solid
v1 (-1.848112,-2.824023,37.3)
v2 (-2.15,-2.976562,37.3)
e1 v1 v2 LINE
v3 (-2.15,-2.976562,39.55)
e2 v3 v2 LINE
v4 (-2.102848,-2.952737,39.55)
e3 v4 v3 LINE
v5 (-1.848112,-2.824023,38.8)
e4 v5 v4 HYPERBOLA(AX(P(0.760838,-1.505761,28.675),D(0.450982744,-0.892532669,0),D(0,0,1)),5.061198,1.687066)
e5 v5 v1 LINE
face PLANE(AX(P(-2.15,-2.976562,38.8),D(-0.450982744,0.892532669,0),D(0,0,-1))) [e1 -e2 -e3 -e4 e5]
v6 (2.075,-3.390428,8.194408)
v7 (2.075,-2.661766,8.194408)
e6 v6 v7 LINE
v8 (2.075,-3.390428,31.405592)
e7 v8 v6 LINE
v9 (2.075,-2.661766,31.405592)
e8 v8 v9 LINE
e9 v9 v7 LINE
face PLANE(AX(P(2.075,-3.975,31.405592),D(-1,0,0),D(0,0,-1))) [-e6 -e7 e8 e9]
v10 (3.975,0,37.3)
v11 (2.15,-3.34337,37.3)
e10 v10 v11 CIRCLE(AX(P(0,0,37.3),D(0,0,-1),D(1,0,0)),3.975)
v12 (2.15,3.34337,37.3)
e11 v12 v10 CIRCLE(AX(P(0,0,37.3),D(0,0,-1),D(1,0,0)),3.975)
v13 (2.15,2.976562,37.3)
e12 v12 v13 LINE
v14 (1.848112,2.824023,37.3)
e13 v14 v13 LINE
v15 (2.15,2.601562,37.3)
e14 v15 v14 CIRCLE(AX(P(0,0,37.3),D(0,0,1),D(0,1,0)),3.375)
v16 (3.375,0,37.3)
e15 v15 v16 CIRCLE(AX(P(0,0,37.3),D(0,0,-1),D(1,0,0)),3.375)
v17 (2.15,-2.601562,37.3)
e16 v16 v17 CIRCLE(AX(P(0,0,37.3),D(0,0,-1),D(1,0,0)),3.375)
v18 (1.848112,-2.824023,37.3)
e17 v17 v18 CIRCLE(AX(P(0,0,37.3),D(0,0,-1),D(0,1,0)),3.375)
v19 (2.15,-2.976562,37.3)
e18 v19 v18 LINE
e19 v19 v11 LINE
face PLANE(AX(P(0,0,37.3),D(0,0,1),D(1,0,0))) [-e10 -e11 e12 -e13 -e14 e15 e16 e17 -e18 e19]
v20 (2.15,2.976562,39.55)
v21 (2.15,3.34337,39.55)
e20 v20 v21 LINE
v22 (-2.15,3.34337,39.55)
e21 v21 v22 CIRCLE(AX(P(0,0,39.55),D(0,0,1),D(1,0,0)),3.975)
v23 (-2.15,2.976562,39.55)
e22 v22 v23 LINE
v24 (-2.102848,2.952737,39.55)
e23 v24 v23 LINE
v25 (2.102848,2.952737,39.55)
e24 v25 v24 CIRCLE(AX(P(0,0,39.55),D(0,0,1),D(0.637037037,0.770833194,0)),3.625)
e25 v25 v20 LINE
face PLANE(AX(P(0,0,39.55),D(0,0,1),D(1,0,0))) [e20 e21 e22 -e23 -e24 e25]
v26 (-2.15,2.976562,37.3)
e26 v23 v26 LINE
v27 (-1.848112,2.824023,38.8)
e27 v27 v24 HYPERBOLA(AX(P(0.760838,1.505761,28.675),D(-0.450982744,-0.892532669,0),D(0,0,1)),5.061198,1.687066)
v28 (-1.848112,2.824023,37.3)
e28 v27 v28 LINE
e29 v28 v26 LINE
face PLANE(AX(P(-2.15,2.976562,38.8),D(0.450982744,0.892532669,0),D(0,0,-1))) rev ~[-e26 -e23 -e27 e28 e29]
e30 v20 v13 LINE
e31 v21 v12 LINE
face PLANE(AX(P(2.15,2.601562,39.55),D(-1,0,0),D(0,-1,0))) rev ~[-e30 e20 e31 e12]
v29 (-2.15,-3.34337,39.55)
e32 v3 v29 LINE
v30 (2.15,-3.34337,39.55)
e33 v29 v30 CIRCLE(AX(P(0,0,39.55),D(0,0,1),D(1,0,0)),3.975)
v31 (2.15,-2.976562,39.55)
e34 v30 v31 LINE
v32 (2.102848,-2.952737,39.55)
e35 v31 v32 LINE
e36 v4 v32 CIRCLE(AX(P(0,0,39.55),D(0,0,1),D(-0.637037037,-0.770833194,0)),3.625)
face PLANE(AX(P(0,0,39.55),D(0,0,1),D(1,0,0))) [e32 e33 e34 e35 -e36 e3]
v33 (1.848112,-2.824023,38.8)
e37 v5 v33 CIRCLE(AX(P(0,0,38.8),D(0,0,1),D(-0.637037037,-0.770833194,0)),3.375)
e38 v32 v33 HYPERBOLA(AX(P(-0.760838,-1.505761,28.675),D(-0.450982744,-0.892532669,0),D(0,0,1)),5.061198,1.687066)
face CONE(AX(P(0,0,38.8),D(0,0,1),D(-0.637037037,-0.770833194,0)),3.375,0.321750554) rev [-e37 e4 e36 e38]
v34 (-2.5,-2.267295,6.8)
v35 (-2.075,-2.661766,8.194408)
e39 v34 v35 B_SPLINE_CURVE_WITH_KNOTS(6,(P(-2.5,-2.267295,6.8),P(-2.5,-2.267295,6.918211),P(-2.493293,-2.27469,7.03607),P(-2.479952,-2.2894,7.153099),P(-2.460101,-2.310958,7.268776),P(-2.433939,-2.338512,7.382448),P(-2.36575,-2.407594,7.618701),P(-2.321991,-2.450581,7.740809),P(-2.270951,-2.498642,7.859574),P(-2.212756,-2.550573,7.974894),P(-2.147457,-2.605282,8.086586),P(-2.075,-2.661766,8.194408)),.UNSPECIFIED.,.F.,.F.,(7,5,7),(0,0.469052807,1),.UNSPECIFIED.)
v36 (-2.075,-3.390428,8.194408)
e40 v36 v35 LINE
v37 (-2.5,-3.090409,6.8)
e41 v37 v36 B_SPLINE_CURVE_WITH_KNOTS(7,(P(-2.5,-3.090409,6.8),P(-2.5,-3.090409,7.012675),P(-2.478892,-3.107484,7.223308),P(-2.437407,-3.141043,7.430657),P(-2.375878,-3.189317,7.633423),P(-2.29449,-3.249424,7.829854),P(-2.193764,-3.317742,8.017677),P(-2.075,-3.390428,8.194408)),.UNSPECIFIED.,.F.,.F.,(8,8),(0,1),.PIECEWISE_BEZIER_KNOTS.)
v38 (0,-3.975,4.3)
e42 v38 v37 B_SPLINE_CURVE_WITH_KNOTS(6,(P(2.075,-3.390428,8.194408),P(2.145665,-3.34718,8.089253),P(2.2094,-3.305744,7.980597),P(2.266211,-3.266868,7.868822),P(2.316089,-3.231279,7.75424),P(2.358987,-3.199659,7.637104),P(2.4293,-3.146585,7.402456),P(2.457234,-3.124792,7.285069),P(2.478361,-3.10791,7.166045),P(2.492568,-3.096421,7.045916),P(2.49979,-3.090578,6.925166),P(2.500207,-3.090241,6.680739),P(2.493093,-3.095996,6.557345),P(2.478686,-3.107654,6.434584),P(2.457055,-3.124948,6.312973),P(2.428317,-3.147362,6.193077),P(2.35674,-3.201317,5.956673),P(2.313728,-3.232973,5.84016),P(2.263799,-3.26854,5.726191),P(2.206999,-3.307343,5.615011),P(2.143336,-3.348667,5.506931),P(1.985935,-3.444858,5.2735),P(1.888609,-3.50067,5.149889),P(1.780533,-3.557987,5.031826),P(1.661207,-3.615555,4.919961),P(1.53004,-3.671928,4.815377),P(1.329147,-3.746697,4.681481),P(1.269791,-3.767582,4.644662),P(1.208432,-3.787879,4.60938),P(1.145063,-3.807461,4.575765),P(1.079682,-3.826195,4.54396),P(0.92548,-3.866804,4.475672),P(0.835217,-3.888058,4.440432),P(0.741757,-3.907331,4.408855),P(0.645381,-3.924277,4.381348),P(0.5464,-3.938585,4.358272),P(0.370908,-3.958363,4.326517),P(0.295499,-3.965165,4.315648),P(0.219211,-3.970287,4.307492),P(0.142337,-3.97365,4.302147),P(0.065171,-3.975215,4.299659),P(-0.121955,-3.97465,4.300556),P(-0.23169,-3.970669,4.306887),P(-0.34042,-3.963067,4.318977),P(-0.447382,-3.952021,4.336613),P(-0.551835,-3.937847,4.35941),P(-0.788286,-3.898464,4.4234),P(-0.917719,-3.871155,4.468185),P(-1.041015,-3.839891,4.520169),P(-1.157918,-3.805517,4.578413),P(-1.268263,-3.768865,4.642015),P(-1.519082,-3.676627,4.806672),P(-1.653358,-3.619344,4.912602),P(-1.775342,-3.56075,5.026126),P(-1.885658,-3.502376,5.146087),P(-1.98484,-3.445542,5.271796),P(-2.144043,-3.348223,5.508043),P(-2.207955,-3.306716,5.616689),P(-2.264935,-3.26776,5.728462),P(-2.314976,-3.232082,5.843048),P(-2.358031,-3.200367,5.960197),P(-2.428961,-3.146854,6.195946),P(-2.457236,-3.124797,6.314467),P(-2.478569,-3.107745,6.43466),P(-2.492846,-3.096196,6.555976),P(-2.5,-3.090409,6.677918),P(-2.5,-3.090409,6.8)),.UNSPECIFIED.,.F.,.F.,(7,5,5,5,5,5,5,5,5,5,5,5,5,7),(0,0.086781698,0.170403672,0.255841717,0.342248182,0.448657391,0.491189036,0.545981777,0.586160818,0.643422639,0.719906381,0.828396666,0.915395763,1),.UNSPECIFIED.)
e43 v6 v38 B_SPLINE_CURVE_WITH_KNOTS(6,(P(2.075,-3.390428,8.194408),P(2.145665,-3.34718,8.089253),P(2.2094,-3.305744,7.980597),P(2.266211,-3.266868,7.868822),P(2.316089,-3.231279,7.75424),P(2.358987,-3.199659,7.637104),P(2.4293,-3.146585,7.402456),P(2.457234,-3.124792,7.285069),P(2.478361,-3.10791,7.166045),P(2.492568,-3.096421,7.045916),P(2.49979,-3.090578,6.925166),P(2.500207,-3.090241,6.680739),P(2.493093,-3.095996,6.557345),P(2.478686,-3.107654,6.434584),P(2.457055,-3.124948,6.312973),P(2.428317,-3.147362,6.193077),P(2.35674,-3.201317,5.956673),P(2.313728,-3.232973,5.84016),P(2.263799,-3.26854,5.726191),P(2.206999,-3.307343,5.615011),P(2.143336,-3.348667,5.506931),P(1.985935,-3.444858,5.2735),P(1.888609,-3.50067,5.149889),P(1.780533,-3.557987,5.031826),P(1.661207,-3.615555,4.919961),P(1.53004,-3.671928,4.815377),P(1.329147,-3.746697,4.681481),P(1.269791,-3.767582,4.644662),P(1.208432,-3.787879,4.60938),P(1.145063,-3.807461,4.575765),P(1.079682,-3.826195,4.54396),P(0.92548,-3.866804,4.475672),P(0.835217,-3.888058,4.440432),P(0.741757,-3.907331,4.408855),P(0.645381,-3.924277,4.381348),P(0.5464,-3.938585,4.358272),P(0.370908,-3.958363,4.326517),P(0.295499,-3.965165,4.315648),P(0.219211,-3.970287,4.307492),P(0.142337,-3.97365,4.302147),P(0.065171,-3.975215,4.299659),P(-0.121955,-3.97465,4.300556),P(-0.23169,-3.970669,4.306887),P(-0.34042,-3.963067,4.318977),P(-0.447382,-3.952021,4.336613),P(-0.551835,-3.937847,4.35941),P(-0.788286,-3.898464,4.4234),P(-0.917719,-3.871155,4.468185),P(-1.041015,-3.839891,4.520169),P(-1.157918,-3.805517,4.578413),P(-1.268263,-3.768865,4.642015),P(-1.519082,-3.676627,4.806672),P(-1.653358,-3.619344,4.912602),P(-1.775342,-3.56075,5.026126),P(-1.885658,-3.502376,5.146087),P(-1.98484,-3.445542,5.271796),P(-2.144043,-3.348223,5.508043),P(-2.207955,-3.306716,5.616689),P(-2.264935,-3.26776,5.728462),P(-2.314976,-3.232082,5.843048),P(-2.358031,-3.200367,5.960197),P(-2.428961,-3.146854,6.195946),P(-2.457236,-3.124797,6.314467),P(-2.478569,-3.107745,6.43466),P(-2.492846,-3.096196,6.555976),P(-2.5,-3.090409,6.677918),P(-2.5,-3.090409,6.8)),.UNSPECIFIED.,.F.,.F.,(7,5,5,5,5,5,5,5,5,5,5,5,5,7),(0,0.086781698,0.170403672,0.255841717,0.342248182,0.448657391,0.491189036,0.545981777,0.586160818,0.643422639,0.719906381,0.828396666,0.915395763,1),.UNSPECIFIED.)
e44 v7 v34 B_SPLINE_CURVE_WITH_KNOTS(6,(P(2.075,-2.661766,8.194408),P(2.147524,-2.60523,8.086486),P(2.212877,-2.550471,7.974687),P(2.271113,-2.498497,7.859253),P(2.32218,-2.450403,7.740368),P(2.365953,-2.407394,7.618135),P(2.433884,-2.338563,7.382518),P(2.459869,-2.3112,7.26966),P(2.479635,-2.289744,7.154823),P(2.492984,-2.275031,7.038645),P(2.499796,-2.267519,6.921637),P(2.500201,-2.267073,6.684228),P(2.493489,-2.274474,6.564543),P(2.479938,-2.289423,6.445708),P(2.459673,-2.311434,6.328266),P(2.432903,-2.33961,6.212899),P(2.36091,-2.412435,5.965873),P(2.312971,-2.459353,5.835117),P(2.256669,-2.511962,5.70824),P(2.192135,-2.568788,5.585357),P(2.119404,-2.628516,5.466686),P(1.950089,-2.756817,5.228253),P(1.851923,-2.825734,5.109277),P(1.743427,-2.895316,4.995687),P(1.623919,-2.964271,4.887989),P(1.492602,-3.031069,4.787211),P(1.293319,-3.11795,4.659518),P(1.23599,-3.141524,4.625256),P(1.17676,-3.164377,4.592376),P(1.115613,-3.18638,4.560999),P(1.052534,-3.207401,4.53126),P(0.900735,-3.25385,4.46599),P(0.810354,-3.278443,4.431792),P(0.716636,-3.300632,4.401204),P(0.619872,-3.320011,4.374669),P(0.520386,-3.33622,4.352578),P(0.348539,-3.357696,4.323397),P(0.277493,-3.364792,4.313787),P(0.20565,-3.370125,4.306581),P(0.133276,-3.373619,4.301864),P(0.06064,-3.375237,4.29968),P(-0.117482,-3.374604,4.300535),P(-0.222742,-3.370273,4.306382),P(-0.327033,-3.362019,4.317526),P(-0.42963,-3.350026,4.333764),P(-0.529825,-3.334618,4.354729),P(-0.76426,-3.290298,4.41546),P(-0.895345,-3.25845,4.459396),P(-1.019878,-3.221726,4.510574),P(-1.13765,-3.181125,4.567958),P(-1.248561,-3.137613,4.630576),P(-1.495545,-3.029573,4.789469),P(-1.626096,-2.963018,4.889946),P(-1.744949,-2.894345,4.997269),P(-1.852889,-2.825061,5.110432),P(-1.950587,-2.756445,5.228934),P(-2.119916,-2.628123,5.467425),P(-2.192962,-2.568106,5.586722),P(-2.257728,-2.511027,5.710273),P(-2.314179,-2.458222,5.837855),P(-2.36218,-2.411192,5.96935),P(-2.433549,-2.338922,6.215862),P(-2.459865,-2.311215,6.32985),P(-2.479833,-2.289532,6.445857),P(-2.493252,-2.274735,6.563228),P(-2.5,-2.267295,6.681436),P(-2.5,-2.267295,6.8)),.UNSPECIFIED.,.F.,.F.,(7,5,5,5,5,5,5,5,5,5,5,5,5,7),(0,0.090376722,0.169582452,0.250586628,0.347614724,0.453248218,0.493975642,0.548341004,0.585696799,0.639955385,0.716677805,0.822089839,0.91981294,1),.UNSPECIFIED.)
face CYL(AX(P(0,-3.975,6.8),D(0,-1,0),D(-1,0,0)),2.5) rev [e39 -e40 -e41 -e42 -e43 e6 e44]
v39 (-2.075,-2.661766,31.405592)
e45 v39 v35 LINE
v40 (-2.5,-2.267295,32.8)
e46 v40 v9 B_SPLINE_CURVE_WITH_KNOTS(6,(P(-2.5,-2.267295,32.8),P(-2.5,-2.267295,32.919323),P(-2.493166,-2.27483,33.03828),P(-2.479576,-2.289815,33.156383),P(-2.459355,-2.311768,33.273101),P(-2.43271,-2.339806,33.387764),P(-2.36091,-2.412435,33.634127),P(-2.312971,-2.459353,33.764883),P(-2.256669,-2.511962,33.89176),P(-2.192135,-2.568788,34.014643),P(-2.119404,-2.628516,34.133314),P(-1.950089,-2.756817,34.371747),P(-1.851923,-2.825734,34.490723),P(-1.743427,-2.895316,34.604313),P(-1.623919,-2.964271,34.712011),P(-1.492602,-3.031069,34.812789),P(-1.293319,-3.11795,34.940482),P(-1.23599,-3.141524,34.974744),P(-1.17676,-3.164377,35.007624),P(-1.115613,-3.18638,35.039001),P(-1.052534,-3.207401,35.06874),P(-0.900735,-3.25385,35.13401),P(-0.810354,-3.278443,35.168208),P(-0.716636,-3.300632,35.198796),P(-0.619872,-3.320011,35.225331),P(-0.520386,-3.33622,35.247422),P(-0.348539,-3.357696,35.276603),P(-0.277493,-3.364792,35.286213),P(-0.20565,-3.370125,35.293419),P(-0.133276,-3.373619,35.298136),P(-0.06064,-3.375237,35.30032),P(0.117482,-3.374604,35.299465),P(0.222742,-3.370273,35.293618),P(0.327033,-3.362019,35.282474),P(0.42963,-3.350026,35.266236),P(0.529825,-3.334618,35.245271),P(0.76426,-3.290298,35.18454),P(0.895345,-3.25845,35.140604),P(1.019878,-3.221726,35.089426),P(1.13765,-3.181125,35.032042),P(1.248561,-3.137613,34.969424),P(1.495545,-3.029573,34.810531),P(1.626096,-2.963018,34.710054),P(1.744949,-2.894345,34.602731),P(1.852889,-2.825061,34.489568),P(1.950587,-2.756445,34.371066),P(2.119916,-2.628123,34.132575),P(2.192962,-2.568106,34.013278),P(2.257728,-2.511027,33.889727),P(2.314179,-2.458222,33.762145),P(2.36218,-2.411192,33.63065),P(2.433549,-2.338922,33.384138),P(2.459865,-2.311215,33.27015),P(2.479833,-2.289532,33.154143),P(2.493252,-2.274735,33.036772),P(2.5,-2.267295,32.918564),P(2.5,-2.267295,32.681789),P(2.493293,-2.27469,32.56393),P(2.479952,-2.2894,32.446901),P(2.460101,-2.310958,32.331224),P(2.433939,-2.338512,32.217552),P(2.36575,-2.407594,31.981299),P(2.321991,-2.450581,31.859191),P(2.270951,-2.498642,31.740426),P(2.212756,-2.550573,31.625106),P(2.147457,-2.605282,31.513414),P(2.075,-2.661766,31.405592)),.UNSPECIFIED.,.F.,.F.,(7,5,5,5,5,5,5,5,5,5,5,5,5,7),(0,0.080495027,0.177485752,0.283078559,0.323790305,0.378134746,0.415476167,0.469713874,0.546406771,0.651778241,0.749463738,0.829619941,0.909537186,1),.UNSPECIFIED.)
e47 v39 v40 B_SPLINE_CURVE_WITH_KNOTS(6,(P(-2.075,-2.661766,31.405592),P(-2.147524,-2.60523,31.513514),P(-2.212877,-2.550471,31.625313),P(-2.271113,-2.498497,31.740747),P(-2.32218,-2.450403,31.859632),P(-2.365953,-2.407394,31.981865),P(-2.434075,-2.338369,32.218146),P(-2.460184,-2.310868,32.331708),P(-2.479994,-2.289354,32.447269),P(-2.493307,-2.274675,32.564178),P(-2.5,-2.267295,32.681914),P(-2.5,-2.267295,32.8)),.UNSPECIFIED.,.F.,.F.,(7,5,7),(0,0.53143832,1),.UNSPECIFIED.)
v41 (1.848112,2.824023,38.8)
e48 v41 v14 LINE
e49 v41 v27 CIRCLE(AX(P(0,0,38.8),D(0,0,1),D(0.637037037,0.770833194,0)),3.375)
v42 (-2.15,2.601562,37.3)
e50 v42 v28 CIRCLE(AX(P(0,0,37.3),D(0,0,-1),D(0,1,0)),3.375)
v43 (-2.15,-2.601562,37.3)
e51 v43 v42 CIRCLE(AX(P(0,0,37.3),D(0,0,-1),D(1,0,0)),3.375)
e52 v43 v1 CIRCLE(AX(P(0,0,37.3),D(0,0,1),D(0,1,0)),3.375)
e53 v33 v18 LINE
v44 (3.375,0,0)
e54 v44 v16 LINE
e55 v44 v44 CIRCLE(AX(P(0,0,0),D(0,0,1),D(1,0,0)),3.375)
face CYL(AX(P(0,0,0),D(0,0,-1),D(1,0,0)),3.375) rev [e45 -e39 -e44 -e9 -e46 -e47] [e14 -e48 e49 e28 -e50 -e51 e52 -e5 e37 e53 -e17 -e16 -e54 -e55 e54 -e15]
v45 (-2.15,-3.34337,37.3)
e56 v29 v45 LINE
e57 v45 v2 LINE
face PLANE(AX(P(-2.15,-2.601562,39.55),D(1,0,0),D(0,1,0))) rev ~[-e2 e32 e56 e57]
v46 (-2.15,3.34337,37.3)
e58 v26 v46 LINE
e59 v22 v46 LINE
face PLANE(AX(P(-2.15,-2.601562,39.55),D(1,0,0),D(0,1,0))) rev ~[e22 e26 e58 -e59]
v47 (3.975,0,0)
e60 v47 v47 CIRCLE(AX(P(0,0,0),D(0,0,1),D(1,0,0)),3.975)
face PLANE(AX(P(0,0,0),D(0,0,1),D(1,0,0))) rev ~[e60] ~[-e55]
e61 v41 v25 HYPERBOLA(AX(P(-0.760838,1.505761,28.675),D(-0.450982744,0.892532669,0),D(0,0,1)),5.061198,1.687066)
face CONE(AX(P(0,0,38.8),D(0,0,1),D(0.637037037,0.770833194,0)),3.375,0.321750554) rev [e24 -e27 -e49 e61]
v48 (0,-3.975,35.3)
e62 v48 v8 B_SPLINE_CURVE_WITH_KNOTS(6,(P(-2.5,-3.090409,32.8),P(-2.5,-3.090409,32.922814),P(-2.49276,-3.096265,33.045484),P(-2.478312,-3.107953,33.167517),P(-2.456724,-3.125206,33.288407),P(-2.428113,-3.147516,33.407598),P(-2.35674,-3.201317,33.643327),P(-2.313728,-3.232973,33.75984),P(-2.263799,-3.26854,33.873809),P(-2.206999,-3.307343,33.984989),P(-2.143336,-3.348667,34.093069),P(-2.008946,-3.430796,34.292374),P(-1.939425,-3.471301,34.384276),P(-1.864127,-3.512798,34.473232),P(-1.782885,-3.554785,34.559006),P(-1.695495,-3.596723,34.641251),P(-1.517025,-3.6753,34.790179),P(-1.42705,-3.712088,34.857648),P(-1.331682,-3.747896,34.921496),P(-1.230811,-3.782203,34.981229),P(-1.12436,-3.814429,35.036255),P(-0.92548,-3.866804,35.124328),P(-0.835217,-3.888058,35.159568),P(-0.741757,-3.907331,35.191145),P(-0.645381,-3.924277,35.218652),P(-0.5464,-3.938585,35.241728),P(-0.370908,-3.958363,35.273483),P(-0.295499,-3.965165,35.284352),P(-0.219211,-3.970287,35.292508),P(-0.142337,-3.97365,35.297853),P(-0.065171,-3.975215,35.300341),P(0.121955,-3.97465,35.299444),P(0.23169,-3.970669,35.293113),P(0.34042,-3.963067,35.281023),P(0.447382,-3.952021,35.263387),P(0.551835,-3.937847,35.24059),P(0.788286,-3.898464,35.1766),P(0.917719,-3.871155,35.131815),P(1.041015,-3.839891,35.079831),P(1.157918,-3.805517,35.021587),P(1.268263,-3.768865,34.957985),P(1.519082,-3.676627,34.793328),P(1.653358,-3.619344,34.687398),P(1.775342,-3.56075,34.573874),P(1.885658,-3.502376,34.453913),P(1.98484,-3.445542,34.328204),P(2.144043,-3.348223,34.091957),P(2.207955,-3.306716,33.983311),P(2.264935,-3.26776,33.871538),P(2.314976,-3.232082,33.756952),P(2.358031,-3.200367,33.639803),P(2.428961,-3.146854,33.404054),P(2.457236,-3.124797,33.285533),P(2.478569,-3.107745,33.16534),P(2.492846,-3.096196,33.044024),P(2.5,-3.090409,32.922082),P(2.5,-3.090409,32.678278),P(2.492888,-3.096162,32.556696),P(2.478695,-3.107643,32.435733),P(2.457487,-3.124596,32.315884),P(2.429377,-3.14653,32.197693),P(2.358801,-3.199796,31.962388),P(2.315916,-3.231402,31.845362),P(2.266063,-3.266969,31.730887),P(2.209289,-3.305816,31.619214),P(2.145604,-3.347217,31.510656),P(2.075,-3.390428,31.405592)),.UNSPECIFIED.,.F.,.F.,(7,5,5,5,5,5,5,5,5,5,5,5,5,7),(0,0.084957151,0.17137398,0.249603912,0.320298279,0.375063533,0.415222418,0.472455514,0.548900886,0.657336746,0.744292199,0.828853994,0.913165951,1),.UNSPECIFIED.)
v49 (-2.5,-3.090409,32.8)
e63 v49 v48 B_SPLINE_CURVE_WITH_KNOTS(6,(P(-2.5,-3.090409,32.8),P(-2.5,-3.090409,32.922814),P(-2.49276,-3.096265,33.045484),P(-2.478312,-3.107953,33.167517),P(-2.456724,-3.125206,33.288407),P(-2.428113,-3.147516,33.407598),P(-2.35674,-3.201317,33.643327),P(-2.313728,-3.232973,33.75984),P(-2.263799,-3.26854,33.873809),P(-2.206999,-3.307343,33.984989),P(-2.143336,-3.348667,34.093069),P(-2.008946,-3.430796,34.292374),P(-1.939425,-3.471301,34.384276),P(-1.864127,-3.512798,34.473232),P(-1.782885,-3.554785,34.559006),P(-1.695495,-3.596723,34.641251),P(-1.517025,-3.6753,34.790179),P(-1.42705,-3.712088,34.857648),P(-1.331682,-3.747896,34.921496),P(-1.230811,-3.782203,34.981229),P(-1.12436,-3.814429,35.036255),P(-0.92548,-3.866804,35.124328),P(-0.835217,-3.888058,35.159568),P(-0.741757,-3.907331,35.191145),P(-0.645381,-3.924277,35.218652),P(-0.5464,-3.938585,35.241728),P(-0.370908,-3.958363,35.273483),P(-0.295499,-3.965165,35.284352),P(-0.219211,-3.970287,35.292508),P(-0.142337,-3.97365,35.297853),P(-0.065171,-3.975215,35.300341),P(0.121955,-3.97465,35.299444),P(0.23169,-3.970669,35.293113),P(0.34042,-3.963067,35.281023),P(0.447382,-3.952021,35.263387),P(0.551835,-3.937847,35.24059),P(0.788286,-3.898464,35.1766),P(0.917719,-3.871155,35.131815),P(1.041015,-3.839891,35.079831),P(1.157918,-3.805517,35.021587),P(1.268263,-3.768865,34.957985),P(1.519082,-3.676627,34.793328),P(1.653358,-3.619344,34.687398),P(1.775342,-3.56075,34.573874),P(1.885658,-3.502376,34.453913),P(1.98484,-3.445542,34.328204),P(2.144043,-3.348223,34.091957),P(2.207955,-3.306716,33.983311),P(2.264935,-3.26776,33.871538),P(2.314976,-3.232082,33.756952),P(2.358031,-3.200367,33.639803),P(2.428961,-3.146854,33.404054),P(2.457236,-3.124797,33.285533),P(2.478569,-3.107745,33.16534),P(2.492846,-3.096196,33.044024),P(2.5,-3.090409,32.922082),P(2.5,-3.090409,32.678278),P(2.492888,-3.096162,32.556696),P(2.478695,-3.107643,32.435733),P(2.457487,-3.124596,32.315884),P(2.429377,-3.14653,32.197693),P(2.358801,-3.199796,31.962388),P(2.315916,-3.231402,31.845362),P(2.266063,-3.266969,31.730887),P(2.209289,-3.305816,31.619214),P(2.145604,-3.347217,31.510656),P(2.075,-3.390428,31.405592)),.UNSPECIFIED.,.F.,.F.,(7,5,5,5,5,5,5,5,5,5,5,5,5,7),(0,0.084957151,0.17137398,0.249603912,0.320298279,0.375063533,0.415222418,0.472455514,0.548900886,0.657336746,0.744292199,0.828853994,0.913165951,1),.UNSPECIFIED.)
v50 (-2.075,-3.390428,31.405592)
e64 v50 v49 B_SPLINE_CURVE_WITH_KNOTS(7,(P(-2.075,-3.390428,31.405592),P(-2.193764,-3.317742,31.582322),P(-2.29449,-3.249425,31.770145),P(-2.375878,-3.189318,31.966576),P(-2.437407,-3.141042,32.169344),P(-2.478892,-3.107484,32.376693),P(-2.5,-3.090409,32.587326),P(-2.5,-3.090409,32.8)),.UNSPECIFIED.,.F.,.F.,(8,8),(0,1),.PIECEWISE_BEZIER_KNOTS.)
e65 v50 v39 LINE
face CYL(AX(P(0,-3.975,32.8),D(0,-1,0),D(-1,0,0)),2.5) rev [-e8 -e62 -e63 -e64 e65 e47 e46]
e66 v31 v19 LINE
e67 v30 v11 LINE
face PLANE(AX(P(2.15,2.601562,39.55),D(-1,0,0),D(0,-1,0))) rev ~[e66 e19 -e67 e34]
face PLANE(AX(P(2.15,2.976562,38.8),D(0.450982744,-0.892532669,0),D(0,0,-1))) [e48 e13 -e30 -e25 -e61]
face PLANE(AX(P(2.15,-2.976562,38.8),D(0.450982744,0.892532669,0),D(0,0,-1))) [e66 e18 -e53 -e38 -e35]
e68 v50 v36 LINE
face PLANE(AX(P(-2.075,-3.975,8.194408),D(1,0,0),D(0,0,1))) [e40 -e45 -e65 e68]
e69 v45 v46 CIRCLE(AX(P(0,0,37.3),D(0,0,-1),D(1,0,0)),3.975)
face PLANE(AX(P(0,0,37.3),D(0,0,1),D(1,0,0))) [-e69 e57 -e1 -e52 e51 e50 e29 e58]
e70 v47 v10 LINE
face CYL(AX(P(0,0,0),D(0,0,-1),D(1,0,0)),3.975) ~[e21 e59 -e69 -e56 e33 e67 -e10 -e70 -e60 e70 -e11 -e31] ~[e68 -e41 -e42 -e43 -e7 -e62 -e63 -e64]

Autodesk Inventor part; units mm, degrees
ref_plane "YZ Plane" through (0, 0, 0) normal (1, 0, 0) x (0, 1, 0)
sketch "Sketch1" plane through (0, 0, 0) normal (0, 0, 1) x (1, 0, 0)
  circle A0 centre (0, 0) radius 3.975
  circle A1 centre (0, 0) radius 3.375
  dimension "d0" = 7.95
  dimension "d1" = 0.6
extrude "Extrusion1" add sketch "Sketch1" along normal blind 39.55
ref_plane "Work Plane1" through (0, -3.975, 0) normal (0, 1, 0) x (-1, 0, 0)
sketch "Sketch2" plane through (0, -3.975, 0) normal (0, 1, 0) x (-1, 0, 0)
  line L0 (0, 0) -> (0, 6.8) construction
  line L1 (0, 6.8) -> (0, 32.8) construction
  circle A0 centre (0, 32.8) radius 2.5
  circle A1 centre (0, 6.8) radius 2.5
  line L2 (2.075, 32.8) -> (-2.075, 32.8)
  line L3 (-2.075, 32.8) -> (-2.075, 6.8)
  line L4 (-2.075, 6.8) -> (2.075, 6.8)
  line L5 (2.075, 6.8) -> (2.075, 32.8)
  dimension "d4" = 6.8
  dimension "d5" = 26
  dimension "d6" = 5
  dimension "d7" = 4.15
extrude "Extrusion2" cut sketch "Sketch2" along normal up to surface
ref_plane "Work Plane2" through (0, 0, 37.3) normal (0, 0, -1) x (-1, 0, 0)
sketch "Sketch3" plane through (0, 0, 39.55) normal (0, 0, 1) x (1, 0, 0)
  circle A0 centre (0, 0) radius 3.375 projected
  circle A1 centre (0, 0) radius 3.975 projected
  line L0 (2.15, 4.5) -> (2.15, -4.5)
  line L1 (-2.15, -4.5) -> (-2.15, 4.5)
  line L2 (-2.15, 0) -> (2.15, 0) construction
  arc A2 (-2.15, 4.5) -> (-2.15, -4.5) centre (1.8186, 0) ccw
  arc A3 (2.15, -4.5) -> (2.15, 4.5) centre (-1.8186, 0) ccw
  point P0 (0, 0)
  dimension "d20" = 4.3
  dimension "d21" = 9
  dimension "d22" = 6
  dimension "d23" = 6
extrude "Extrusion3" cut sketch "Sketch3" against normal up to surface (2.25 mm away) contours A0 L0 | A0 L0 A1 | L1 A0 | A0 L1 A1 | L0 A3 A1 | A1 L1 A2
chamfer "Chamfer1" distance 0.25 distance2 0.75 2 edges at (0, -3.375, 39.55) (0, 3.375, 39.55) measured on face at (1.662, -3.3702, 39.55) measured on face at (1.662, 3.3702, 39.55)
chamfer "Chamfer2" distance 0.375 angle 45 4 edges at (2.15, -2.6016, 38.05) (2.15, 2.6016, 38.05) (-2.15, -2.6016, 38.05) (-2.15, 2.6016, 38.05)
properties part number "308-13" material "Steel, Mild"
